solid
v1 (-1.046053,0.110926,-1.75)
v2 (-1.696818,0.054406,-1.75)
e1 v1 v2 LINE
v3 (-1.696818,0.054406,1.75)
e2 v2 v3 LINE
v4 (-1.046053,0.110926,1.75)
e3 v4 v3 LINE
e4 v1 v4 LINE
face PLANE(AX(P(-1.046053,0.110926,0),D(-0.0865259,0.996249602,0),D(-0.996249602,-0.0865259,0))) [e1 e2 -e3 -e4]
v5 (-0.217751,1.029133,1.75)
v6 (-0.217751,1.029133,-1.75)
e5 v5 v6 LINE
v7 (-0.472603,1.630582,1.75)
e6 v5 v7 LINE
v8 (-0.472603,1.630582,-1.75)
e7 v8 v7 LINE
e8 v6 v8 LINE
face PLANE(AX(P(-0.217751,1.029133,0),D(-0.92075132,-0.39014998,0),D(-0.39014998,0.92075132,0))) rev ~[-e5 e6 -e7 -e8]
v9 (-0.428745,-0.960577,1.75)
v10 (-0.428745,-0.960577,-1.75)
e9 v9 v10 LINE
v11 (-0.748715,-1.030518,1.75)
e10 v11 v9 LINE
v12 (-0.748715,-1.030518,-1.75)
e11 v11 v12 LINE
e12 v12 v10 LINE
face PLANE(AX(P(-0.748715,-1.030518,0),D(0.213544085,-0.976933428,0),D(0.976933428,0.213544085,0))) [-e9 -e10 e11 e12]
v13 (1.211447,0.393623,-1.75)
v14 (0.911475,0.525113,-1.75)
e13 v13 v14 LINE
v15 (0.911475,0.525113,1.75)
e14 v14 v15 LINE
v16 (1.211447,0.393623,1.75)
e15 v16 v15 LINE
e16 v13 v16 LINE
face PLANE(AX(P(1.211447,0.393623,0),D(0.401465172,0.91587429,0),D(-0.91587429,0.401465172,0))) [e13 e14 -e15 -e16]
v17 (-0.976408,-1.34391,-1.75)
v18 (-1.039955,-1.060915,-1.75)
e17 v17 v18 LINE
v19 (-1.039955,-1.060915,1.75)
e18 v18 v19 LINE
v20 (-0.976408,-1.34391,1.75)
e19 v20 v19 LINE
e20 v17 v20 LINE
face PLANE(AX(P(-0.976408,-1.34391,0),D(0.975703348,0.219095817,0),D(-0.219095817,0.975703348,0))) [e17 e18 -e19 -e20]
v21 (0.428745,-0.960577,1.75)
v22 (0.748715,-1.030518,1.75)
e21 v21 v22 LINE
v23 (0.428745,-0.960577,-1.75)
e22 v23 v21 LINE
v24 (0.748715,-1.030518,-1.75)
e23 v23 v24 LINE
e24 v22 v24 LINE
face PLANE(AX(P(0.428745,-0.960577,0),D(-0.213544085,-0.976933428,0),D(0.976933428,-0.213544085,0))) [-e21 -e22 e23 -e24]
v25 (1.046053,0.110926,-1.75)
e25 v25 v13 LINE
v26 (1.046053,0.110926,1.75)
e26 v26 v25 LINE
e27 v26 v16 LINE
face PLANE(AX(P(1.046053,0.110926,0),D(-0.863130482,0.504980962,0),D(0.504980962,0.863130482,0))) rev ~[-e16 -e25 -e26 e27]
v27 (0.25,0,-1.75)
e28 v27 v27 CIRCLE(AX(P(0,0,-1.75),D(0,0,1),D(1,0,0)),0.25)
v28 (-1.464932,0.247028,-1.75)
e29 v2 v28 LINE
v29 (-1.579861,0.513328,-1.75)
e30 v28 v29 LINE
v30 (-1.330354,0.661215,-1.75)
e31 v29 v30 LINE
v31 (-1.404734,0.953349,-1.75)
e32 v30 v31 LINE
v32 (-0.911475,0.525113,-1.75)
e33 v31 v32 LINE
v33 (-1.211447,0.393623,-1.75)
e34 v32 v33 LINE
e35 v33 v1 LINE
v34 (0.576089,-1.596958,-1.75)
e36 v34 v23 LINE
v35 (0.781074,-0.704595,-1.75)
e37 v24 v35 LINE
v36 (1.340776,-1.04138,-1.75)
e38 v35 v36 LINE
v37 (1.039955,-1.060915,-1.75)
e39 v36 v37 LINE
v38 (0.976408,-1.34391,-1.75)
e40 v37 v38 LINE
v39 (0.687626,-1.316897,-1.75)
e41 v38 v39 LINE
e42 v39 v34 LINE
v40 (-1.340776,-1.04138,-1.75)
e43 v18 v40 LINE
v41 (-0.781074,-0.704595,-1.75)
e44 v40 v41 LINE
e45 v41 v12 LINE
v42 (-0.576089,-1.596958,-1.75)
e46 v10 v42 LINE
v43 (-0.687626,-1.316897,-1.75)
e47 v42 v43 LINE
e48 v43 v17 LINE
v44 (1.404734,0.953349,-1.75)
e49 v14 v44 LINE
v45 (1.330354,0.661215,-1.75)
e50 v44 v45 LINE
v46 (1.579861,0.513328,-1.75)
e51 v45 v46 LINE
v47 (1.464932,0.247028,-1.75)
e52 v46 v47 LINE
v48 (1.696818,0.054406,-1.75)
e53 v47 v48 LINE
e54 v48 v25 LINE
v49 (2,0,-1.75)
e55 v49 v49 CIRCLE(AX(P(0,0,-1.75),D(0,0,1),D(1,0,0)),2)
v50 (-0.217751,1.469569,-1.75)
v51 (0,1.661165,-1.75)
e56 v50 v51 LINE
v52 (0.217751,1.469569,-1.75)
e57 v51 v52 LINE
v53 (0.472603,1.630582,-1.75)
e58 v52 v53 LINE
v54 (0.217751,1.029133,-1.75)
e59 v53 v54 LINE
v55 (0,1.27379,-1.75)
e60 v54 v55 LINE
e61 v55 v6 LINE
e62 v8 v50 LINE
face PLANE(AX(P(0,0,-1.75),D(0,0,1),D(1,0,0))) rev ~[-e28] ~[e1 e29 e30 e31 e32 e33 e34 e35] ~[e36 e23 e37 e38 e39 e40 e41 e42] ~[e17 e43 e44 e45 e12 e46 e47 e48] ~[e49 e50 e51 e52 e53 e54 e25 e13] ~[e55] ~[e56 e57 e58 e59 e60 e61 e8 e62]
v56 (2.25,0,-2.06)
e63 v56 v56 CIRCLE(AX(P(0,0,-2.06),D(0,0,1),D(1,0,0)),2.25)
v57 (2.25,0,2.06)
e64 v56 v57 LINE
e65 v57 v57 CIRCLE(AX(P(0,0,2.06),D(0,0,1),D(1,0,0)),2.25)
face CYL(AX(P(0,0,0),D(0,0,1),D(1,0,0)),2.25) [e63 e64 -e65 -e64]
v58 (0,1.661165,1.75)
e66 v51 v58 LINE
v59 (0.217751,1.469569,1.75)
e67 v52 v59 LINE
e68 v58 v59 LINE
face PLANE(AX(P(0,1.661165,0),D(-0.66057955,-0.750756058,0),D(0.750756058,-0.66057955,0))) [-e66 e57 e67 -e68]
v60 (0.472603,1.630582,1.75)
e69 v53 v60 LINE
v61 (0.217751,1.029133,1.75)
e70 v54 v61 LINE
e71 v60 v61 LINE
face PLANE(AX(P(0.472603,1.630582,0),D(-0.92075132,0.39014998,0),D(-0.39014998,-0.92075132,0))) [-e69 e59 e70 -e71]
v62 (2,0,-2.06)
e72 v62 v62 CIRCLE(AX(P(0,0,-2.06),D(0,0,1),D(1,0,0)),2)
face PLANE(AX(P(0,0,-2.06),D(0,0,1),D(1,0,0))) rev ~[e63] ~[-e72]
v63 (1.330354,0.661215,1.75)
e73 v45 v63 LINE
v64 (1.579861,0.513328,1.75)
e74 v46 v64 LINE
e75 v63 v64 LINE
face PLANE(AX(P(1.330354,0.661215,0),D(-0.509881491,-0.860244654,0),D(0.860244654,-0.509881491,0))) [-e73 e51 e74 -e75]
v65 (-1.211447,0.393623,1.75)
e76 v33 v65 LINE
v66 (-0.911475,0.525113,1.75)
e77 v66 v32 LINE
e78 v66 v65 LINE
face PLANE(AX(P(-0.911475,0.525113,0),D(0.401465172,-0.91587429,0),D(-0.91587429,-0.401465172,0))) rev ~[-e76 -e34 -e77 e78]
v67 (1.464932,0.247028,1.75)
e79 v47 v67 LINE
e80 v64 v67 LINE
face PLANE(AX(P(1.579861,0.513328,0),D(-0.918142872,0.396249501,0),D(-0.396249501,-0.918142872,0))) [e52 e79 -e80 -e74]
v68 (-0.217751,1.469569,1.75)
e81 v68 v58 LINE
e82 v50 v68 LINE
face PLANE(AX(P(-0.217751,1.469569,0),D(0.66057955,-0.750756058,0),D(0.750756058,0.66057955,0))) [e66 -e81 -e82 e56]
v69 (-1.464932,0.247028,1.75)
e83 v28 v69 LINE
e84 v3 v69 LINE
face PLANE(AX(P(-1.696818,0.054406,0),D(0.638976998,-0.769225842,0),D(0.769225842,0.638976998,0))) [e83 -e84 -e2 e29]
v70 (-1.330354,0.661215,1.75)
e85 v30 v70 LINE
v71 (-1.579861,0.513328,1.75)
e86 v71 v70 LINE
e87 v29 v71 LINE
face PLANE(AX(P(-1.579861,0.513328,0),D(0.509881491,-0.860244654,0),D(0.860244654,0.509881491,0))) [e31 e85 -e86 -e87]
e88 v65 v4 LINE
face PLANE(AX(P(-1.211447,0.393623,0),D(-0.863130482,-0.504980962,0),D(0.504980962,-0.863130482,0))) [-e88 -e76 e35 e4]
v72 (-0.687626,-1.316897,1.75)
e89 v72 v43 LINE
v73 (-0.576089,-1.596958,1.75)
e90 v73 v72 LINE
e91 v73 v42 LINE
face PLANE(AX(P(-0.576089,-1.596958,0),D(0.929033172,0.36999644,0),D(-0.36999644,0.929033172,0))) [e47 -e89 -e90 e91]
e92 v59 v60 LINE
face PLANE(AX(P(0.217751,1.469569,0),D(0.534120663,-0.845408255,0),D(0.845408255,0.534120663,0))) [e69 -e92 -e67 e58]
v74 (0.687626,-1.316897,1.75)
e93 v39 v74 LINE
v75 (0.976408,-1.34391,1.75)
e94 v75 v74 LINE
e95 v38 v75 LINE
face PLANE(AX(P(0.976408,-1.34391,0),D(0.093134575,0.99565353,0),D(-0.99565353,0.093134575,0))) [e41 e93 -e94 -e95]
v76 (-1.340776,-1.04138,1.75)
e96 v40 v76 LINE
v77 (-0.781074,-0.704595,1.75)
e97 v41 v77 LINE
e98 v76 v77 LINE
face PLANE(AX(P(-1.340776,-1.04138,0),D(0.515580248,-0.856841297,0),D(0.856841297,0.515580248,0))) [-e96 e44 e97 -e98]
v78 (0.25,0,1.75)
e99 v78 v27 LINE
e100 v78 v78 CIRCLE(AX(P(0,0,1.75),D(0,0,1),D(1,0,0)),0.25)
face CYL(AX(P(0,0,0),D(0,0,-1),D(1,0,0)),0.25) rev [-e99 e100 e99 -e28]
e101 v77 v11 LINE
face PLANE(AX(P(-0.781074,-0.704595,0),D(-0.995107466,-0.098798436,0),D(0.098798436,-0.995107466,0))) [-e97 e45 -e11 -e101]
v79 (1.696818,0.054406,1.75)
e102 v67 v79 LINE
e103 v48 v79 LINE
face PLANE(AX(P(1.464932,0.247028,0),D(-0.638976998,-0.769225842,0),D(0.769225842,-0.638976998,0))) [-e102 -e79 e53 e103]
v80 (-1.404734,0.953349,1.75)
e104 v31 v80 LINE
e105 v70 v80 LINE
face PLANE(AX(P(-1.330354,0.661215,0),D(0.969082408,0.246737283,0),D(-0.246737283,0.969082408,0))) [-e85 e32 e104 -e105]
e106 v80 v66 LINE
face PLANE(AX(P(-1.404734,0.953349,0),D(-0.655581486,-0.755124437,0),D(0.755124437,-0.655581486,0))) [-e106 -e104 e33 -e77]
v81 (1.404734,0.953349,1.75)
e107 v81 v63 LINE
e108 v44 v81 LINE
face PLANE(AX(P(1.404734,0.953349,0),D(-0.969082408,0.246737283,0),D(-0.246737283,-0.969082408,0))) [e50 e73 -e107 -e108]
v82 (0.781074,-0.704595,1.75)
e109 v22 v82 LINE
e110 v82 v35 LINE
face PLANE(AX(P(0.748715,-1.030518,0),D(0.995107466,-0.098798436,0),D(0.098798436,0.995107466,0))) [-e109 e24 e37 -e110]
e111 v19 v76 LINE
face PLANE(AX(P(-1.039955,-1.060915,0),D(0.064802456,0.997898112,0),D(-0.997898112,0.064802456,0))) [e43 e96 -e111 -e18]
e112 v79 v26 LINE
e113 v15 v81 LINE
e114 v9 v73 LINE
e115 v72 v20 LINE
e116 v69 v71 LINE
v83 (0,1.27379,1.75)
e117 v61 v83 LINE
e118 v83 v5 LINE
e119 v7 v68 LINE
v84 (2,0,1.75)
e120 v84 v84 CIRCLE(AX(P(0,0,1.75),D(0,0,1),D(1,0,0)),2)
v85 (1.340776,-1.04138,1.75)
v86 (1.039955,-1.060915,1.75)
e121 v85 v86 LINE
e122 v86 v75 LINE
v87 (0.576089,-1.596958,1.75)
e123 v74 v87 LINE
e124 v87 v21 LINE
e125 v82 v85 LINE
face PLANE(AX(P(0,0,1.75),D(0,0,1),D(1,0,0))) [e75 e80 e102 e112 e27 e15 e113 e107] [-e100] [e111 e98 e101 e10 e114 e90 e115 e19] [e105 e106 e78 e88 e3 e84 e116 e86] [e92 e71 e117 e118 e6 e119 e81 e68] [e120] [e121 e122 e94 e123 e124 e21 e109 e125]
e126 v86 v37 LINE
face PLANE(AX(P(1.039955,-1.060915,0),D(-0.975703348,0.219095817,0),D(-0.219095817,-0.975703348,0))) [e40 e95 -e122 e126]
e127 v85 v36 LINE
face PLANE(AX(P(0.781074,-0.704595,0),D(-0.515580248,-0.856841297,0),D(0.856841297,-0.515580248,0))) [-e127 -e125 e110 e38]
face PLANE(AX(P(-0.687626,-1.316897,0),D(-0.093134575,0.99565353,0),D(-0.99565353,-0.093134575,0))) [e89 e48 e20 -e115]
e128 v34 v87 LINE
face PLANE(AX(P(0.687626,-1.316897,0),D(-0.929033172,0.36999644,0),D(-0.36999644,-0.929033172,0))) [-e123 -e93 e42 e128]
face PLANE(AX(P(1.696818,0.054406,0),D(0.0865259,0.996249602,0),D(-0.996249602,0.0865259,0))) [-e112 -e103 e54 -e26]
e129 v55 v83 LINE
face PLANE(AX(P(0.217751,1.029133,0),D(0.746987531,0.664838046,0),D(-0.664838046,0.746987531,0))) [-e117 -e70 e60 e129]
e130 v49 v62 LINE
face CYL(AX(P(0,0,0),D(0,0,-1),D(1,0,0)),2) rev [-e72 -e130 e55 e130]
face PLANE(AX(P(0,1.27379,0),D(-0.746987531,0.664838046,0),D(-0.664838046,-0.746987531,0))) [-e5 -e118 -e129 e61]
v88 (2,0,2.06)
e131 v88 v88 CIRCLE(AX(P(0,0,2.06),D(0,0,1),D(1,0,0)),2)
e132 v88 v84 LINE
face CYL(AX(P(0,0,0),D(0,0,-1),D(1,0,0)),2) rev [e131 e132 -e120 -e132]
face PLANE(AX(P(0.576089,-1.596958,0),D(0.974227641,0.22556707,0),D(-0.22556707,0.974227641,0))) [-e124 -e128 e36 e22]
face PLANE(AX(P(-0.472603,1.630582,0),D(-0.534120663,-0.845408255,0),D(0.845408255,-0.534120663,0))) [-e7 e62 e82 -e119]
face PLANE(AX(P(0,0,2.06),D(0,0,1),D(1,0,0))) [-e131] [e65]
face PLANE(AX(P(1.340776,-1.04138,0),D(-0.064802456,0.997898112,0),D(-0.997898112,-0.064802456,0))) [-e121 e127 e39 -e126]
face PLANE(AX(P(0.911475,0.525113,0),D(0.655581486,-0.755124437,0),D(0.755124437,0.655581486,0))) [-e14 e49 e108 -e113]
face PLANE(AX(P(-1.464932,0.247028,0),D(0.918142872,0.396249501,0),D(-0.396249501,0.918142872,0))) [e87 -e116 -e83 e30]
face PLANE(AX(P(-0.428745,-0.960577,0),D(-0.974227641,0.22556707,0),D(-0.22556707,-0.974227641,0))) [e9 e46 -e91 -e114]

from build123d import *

# Parameters (mm, degrees)
F0_R     = 2
F0_R_2   = 0.25
F1_DEPTH = 1.75
F0_R_3   = 2.25
F2_DEPTH = 2.06


with BuildPart() as f1:
    # F0 (on Top) → F1 (new body, symmetric)
    with BuildSketch(Plane.XY):
        Circle(F0_R)
        Polygon((-0.976408, -1.34391), (-1.039955, -1.060915), (-1.340776, -1.04138), (-0.781074, -0.704595), (-0.748715, -1.030518), (-0.428745, -0.960577), (-0.576089, -1.596958), (-0.687626, -1.316897), align=None, mode=Mode.SUBTRACT)
        Polygon((0.976408, -1.34391), (0.687626, -1.316897), (0.576089, -1.596958), (0.428745, -0.960577), (0.748715, -1.030518), (0.781074, -0.704595), (1.340776, -1.04138), (1.039955, -1.060915), align=None, mode=Mode.SUBTRACT)
        Polygon((-1.579861, 0.513328), (-1.330354, 0.661215), (-1.404734, 0.953349), (-0.911475, 0.525113), (-1.211447, 0.393623), (-1.046053, 0.110926), (-1.696818, 0.054406), (-1.464932, 0.247028), align=None, mode=Mode.SUBTRACT)
        Circle(F0_R_2, mode=Mode.SUBTRACT)
        Polygon((1.579861, 0.513328), (1.464932, 0.247028), (1.696818, 0.054406), (1.046053, 0.110926), (1.211447, 0.393623), (0.911475, 0.525113), (1.404734, 0.953349), (1.330354, 0.661215), align=None, mode=Mode.SUBTRACT)
        Polygon((-0.217751, 1.029133), (-0.472603, 1.630582), (-0.217751, 1.469569), (0, 1.661165), (0.217751, 1.469569), (0.472603, 1.630582), (0.217751, 1.029133), (0, 1.27379), align=None, mode=Mode.SUBTRACT)
    extrude(amount=F1_DEPTH, both=True)

    # F0 (on Top) → F2 (join, symmetric)
    with BuildSketch(Plane.XY):
        Circle(F0_R_3)
        Circle(F0_R, mode=Mode.SUBTRACT)
    extrude(amount=F2_DEPTH, both=True)


solid = f1.part
